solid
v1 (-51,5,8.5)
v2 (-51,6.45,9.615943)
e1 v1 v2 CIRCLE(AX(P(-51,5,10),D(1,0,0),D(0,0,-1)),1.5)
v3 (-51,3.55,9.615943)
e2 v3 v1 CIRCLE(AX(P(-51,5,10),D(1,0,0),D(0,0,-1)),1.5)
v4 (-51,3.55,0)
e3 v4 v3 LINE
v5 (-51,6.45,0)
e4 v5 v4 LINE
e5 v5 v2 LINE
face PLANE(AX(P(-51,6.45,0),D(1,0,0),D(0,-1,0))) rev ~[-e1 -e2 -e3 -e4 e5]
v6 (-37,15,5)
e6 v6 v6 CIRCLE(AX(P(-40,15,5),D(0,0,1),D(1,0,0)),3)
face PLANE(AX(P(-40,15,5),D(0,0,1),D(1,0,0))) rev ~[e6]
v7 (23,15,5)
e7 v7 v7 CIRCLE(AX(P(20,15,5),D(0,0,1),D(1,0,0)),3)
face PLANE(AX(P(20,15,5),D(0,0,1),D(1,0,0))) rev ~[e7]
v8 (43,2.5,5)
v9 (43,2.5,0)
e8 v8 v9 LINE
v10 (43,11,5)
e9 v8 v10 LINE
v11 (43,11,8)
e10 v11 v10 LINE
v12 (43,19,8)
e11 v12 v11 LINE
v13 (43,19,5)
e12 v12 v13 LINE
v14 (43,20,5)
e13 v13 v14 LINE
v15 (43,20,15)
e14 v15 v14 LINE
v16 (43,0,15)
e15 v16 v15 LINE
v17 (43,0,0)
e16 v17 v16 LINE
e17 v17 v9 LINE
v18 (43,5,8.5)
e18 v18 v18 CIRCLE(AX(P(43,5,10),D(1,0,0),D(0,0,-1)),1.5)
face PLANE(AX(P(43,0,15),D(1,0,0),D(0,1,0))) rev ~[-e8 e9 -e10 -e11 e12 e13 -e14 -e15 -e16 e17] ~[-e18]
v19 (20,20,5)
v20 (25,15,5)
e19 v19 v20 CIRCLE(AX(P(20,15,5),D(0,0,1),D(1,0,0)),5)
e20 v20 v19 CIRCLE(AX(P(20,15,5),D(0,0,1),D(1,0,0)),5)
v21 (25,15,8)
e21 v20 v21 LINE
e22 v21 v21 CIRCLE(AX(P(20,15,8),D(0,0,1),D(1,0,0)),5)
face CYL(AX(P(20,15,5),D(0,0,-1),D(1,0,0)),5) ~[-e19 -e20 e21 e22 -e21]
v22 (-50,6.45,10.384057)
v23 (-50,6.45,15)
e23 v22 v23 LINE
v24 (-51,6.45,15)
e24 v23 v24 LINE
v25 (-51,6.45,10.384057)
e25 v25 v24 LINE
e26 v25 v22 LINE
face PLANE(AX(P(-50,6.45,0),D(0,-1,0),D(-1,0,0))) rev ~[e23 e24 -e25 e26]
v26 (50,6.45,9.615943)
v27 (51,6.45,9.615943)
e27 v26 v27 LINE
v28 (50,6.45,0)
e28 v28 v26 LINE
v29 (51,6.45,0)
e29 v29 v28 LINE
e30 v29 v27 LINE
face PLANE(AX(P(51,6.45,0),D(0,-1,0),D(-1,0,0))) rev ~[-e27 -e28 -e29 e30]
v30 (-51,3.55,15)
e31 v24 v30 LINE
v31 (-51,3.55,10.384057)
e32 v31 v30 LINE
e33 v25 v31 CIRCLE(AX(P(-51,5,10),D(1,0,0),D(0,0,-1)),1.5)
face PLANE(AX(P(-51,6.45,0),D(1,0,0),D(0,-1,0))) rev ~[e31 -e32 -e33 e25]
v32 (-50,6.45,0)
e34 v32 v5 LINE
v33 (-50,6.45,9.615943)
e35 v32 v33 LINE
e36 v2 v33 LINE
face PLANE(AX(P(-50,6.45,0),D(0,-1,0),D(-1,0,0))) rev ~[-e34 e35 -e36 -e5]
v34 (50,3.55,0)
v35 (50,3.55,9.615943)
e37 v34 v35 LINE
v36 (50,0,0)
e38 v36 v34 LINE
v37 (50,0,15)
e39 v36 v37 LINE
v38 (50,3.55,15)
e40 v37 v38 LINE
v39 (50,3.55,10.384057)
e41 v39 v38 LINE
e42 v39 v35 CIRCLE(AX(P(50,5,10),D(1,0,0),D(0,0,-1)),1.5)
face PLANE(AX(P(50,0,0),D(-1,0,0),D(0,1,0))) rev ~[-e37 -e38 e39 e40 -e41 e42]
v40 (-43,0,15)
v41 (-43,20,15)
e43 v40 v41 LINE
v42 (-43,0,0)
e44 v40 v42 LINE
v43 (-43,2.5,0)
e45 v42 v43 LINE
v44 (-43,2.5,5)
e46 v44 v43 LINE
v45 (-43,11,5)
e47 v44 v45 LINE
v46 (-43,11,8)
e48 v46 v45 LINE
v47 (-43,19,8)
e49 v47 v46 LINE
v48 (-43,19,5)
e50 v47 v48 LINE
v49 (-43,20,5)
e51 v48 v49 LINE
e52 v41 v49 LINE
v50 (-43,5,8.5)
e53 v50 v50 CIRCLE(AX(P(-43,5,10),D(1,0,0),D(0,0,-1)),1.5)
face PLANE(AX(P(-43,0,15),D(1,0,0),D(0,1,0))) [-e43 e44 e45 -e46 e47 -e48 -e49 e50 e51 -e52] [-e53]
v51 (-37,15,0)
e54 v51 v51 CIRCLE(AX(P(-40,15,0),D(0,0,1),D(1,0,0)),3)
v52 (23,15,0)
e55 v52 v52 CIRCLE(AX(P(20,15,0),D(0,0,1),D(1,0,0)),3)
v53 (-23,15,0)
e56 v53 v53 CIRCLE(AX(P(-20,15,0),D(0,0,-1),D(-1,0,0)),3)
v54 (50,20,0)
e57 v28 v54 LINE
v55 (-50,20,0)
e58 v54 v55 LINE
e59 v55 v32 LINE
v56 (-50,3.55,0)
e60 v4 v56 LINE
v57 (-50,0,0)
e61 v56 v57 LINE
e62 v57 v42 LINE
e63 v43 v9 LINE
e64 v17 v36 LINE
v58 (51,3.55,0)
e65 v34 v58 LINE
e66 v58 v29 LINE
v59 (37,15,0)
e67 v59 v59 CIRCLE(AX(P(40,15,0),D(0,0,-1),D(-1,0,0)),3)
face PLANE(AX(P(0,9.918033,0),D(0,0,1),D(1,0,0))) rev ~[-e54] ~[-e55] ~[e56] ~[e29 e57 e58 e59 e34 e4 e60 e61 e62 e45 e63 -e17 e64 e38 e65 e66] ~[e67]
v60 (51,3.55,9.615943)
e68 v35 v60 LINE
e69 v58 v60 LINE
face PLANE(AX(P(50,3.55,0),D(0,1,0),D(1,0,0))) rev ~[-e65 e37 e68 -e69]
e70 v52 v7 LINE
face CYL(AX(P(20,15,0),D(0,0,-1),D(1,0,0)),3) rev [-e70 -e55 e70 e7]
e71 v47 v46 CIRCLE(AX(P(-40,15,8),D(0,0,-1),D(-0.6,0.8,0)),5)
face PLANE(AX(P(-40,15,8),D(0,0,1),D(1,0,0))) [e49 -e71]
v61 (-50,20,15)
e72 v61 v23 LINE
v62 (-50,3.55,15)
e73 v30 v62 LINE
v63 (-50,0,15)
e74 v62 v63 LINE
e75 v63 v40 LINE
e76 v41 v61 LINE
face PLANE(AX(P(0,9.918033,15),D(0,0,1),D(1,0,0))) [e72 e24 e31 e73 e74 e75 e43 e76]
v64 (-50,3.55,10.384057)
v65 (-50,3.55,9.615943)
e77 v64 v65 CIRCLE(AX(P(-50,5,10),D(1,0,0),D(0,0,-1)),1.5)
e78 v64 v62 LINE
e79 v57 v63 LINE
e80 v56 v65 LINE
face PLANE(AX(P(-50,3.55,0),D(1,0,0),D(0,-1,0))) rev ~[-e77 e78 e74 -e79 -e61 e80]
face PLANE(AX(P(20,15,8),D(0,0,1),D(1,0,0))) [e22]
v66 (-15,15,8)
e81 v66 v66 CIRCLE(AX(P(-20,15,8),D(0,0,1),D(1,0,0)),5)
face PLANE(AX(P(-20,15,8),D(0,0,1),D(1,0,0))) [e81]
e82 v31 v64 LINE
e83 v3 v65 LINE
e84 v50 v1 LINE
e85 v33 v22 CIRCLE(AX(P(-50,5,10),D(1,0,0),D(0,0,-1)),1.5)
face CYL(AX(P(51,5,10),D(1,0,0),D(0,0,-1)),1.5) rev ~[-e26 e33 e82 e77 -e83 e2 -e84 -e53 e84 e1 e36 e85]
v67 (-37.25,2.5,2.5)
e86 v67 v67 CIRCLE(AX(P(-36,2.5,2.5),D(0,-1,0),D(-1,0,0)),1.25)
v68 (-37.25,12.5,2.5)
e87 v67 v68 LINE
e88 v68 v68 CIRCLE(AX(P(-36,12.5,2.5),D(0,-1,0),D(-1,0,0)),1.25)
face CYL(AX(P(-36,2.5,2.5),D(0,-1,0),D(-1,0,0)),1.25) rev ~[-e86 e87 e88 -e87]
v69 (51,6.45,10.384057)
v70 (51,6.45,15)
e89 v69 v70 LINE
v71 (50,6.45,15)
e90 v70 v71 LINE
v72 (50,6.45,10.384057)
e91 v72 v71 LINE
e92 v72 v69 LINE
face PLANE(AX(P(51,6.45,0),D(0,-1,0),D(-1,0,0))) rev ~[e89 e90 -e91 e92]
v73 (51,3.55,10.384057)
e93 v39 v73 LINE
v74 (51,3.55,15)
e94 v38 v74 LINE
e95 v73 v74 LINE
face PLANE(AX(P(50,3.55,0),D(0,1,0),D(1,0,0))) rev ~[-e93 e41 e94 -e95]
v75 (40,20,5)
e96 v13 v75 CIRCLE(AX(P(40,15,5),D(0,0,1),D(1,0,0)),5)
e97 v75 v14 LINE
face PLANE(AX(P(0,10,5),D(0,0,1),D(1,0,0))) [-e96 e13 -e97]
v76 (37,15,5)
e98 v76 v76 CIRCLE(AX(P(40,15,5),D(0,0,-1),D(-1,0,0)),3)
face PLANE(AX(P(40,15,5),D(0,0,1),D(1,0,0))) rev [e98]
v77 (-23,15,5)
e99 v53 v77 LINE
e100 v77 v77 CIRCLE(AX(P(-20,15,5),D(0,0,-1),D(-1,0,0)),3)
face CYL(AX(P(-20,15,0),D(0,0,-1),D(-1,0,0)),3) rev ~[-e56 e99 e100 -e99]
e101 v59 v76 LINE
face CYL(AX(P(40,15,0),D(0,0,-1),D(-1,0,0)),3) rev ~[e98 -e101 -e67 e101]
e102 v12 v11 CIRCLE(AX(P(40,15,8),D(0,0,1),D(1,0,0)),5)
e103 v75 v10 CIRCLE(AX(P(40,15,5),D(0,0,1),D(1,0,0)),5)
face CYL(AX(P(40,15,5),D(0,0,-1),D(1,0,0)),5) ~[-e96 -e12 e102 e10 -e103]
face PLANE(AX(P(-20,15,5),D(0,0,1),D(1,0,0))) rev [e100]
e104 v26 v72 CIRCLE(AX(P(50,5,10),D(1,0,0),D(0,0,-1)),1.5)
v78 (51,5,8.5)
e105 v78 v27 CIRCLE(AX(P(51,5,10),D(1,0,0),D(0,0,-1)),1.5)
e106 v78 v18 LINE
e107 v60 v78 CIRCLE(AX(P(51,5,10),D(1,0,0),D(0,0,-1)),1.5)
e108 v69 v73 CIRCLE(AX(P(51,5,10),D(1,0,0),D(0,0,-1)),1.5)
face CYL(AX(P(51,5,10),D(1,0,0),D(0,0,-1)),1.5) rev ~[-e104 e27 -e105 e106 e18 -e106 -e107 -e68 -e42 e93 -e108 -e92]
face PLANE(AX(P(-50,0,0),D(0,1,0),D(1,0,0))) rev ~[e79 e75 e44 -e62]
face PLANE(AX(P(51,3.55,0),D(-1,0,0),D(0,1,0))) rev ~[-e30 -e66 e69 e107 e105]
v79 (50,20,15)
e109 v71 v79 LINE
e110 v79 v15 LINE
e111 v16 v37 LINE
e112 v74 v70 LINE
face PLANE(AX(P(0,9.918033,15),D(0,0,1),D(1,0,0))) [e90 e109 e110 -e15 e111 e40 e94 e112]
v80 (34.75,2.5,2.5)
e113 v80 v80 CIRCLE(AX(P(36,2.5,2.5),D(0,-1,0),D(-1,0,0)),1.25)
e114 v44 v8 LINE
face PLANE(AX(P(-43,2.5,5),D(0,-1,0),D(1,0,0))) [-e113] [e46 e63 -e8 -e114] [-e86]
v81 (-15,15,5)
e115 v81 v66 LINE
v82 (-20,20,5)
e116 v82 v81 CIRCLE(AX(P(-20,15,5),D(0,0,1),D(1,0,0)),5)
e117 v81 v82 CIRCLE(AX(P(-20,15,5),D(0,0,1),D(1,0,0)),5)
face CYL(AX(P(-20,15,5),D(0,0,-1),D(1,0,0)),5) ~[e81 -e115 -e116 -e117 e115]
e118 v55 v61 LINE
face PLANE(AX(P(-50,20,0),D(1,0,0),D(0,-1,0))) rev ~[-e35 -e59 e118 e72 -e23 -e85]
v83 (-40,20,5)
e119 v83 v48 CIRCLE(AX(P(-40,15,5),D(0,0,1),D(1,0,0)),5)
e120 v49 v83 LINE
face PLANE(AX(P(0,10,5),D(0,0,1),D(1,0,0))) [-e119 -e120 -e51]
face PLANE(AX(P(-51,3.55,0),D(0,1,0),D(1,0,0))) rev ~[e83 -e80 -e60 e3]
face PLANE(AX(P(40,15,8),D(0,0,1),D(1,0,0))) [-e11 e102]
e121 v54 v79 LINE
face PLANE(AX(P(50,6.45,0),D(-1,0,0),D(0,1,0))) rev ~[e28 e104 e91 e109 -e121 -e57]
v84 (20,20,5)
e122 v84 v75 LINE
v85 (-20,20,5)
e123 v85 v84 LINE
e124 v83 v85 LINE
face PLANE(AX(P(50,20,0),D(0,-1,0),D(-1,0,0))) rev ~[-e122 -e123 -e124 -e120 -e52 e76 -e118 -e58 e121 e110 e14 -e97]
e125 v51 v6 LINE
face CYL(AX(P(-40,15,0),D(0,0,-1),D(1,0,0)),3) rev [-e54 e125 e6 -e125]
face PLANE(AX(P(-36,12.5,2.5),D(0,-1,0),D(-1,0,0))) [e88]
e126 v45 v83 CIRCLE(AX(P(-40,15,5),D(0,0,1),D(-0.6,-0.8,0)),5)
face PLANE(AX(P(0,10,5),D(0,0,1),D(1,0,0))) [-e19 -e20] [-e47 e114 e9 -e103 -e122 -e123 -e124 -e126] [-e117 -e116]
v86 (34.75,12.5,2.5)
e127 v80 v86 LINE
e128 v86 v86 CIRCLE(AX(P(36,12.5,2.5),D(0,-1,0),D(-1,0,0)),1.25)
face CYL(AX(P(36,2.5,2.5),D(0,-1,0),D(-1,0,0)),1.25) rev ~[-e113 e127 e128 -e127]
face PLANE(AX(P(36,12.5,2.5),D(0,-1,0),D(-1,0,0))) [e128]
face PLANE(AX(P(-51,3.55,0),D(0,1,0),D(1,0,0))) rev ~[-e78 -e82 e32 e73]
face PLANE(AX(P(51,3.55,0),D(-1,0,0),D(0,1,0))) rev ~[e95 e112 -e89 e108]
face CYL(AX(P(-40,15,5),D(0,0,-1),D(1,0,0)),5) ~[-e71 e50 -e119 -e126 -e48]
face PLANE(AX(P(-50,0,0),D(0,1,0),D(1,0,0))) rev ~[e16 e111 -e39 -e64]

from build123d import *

# Parameters (mm, degrees)
MAIN_DEPTH               = 15
SKETCH2_W                = 86
SKETCH2_H                = 20
TOPEXTRUSION_DEPTH       = 10
SKETCH5_R                = 5
REINFORCEMENTHOLES_DEPTH = 3
SKETCH3_R                = 3
HOLES_DEPTH              = 5
SKETCH4_R                = 1.5
FIXHOLES_DEPTH           = 103
SKETCH6_W                = 86
SKETCH6_H                = 2.5
FORWINDOW_DEPTH          = 6
SKETCH7_R                = 1.25
CUT_EXTRUDE2_DEPTH       = 10


with BuildPart() as part:
    # Sketch1 → Main (new body)
    with BuildSketch(Plane.XY):
        Polygon((-50, 0), (50, 0), (50, 3.55), (51, 3.55), (51, 6.45), (50, 6.45), (50, 20), (-50, 20), (-50, 6.45), (-51, 6.45), (-51, 3.55), (-50, 3.55), align=None)
    extrude(amount=MAIN_DEPTH)

    # Sketch2 → TopExtrusion (cut)
    with BuildSketch(Plane.XY.offset(15)):
        with Locations((0, 10)):
            Rectangle(SKETCH2_W, SKETCH2_H)
    extrude(amount=-TOPEXTRUSION_DEPTH, mode=Mode.SUBTRACT)

    # Sketch5 → ReinforcementHoles (add)
    with BuildSketch(Plane.XY.offset(5)):
        with Locations((-40, 15)):
            Circle(SKETCH5_R)
        with Locations((-20, 15)):
            Circle(SKETCH5_R)
        with Locations((20, 15)):
            Circle(SKETCH5_R)
        with Locations((40, 15)):
            Circle(SKETCH5_R)
    extrude(amount=REINFORCEMENTHOLES_DEPTH)

    # Sketch3 → Holes (cut)
    with BuildSketch(Plane.XY):
        with Locations((-40, 15)):
            Circle(SKETCH3_R)
        with Locations((20, 15)):
            Circle(SKETCH3_R)
    holes = extrude(amount=HOLES_DEPTH, mode=Mode.SUBTRACT)

    # Mirror1: Holes across plane
    add(holes.mirror(Plane(origin=(0, 0, 0), x_dir=(0, 0, 1), z_dir=(1, 0, 0))), mode=Mode.SUBTRACT)

    # Sketch4 → FixHoles (cut, through all)
    with BuildSketch(Plane(origin=(51, 0, 0), x_dir=(0, 0, -1), z_dir=(1, 0, 0))):
        with Locations((-10, 5)):
            Circle(SKETCH4_R)
    extrude(amount=-FIXHOLES_DEPTH, mode=Mode.SUBTRACT)

    # Sketch6 → ForWindow (cut, through all)
    with BuildSketch(Plane.XY.offset(5)):
        with Locations((0, 1.25)):
            Rectangle(SKETCH6_W, SKETCH6_H)
    extrude(amount=-FORWINDOW_DEPTH, mode=Mode.SUBTRACT)

    # Sketch7 → Cut-Extrude2 (cut)
    with BuildSketch(Plane(origin=(0, 2.5, 0), x_dir=(-1, 0, 0), z_dir=(0, -1, 0))):
        with Locations((36, -2.5)):
            Circle(SKETCH7_R)
        with Locations((-36, -2.5)):
            Circle(SKETCH7_R)
    extrude(amount=-CUT_EXTRUDE2_DEPTH, mode=Mode.SUBTRACT)


solid = part.part
